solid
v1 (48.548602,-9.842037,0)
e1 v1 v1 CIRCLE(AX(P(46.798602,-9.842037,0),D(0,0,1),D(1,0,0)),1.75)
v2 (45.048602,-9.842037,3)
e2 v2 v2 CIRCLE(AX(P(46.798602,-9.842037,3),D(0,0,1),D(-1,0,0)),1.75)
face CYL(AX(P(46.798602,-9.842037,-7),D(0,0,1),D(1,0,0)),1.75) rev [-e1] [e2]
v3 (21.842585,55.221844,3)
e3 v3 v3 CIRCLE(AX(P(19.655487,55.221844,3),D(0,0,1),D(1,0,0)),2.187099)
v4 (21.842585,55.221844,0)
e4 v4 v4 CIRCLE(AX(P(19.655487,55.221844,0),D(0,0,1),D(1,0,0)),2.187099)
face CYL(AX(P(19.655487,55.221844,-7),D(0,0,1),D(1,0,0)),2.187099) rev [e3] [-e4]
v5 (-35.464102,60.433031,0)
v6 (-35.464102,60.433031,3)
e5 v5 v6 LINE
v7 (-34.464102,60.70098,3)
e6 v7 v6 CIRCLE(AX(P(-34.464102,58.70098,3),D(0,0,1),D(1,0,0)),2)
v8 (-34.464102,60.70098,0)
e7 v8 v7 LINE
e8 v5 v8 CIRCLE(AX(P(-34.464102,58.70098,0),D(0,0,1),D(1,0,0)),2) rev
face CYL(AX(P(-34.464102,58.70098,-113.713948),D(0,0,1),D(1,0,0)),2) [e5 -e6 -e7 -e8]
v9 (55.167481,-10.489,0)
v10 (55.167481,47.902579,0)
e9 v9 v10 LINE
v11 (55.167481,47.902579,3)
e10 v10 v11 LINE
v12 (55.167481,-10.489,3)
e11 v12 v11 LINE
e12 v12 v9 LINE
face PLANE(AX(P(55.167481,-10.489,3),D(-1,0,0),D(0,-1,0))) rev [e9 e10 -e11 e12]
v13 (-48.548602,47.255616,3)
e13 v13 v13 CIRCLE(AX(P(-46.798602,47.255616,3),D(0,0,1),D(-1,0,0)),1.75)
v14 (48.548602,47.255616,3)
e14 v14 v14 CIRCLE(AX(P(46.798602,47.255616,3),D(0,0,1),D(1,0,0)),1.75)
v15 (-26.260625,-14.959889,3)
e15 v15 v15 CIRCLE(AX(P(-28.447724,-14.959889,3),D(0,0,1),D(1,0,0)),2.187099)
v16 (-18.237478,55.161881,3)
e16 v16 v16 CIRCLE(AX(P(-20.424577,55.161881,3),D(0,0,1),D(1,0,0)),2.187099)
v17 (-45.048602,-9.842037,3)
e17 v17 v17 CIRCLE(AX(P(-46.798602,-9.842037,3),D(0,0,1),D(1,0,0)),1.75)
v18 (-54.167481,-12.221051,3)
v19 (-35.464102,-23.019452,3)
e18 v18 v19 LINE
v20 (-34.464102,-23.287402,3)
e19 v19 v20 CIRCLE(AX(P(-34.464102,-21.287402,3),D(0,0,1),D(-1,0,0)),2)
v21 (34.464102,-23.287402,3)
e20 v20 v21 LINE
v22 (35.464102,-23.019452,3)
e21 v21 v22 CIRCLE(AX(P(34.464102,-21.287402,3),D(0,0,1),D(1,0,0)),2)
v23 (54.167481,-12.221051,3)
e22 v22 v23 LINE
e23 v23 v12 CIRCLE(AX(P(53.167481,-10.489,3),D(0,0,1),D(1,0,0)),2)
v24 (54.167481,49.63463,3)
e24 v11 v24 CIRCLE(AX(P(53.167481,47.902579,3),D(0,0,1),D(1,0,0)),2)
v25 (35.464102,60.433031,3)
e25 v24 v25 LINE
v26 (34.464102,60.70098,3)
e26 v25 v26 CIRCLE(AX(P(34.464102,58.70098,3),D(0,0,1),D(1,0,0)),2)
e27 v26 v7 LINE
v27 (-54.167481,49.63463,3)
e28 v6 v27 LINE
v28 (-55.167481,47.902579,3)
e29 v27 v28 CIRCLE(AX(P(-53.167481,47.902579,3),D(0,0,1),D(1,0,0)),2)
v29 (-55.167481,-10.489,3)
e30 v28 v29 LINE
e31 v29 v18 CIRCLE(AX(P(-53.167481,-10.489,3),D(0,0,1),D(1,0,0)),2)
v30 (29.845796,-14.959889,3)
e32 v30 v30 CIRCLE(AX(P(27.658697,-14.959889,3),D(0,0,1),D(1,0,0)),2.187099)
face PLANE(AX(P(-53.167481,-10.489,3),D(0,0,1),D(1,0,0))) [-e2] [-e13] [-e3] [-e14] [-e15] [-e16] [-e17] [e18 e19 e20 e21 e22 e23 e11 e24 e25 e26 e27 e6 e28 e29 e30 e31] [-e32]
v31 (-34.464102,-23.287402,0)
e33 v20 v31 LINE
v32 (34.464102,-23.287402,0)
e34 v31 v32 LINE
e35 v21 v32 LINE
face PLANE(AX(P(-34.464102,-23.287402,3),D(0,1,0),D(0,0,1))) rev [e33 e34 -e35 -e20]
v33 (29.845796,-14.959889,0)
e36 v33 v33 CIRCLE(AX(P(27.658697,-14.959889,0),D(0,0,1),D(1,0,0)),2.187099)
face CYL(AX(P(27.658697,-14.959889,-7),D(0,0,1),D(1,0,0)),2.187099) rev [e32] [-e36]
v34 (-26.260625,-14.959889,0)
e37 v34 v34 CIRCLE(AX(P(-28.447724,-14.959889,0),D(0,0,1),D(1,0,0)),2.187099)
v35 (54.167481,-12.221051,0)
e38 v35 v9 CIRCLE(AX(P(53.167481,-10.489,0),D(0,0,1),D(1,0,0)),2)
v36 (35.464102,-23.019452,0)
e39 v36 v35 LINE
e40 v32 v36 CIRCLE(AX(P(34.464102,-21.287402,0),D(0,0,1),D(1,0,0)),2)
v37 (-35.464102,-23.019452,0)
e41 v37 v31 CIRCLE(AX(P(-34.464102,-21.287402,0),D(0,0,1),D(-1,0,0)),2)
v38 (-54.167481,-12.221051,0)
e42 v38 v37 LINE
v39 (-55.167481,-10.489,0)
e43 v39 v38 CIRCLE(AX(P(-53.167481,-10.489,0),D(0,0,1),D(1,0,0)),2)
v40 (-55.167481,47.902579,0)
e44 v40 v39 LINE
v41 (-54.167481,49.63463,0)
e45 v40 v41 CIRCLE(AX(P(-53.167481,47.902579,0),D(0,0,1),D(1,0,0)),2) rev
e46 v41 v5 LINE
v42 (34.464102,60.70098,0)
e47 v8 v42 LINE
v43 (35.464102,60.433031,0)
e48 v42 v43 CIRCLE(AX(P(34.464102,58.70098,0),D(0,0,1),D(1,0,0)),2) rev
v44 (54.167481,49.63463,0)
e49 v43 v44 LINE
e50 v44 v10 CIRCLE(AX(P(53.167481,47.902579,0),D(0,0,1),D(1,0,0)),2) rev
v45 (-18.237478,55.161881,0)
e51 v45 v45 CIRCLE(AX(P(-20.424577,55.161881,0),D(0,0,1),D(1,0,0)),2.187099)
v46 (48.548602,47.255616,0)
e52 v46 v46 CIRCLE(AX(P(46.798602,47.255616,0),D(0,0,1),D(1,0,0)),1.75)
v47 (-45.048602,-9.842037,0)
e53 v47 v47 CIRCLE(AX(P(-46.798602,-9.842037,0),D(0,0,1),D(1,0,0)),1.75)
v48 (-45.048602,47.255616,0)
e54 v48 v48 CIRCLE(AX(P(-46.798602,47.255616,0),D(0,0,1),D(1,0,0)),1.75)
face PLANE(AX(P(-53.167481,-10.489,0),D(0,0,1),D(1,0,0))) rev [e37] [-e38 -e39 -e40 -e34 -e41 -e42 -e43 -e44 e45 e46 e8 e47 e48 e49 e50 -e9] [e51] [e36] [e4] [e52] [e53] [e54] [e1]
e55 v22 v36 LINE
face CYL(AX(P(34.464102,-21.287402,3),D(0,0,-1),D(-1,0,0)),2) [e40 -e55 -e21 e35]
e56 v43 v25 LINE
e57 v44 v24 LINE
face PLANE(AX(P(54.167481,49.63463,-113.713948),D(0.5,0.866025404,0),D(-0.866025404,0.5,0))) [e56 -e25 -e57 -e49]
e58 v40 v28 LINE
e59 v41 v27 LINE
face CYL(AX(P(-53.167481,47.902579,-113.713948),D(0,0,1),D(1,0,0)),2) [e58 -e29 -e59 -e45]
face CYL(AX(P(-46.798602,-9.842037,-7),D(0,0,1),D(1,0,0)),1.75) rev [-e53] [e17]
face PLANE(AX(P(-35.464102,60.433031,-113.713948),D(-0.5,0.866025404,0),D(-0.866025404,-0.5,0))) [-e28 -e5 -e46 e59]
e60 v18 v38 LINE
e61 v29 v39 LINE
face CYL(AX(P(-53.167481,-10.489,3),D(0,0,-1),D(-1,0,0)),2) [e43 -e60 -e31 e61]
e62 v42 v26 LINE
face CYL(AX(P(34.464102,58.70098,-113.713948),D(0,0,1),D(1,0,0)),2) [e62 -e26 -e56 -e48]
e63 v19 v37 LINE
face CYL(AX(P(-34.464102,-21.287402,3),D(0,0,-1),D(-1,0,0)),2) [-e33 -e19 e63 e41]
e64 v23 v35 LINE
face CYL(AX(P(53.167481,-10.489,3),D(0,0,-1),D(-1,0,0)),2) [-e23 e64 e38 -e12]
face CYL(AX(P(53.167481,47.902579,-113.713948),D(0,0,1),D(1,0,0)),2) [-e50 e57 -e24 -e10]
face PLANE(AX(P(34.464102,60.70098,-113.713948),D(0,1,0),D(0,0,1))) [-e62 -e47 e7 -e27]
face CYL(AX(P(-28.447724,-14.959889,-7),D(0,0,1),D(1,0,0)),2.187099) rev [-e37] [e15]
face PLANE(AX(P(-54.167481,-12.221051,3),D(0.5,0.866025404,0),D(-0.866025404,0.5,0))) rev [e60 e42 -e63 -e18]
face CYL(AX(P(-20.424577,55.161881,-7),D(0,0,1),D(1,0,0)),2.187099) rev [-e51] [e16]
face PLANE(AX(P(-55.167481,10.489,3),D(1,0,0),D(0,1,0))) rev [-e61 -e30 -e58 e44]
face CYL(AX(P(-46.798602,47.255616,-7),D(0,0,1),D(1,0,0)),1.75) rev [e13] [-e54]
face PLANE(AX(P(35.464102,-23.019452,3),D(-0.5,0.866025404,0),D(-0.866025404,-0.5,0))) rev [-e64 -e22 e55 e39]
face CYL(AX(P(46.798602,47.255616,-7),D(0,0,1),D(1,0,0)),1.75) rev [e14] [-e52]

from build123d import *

# Parameters (mm, degrees)
EXTRUDE_1_DEPTH     = 3
EXTRUDE_START       = -3
EXTRUDE_2_DEPTH     = 3
EXTRUDE_3_DEPTH     = 3
SKETCH_4_R          = 2.187098749
CUT_EXTRUDE_1_DEPTH = 10
SKETCH_5_R          = 1.75
CUT_EXTRUDE_2_DEPTH = 10


with BuildPart() as part:
    # 草图1 → 凸台-拉伸1 (new body)
    with BuildSketch(Plane.XY):
        with BuildLine():
            Line((-34.464101615, 23.287401575), (34.464101615, 23.287401575))
            ThreePointArc((34.464101615, 23.287401575), (34.981739705, 23.219253227), (35.464101615, 23.019452382))
            Line((35.464101615, 23.019452382), (54.167481352, 12.221051057))
            ThreePointArc((54.167481352, 12.221051057), (54.899532159, 11.489000249), (55.167481352, 10.489000249))
            Line((55.167481352, 10.489000249), (55.167481352, -10.489000249))
            ThreePointArc((55.167481352, -10.489000249), (54.899532159, -11.489000249), (54.167481352, -12.221051057))
            Line((54.167481352, -12.221051057), (35.464101615, -23.019452382))
            ThreePointArc((35.464101615, -23.019452382), (34.981739705, -23.219253227), (34.464101615, -23.287401575))
            Line((34.464101615, -23.287401575), (-34.464101615, -23.287401575))
            ThreePointArc((-34.464101615, -23.287401575), (-34.981739705, -23.219253227), (-35.464101615, -23.019452382))
            Line((-35.464101615, -23.019452382), (-54.167481352, -12.221051057))
            ThreePointArc((-54.167481352, -12.221051057), (-54.899532159, -11.489000249), (-55.167481352, -10.489000249))
            Line((-55.167481352, -10.489000249), (-55.167481352, 10.489000249))
            ThreePointArc((-55.167481352, 10.489000249), (-54.899532159, 11.489000249), (-54.167481352, 12.221051057))
            Line((-54.167481352, 12.221051057), (-35.464101615, 23.019452382))
            ThreePointArc((-35.464101615, 23.019452382), (-34.981739705, 23.219253227), (-34.464101615, 23.287401575))
        make_face()
    extrude(amount=EXTRUDE_1_DEPTH)

    # 草图2 → 凸台-拉伸2 (add)
    with BuildSketch(Plane.XY.offset(3).offset(EXTRUDE_START)):
        with BuildLine():
            Line((-55.167481352, 15.551379934), (-55.167481352, 10.489000249))
            Line((-55.167481352, 10.489000249), (-55.167481352, -10.489000249))
            ThreePointArc((-55.167481352, -10.489000249), (-54.899532159, -11.489000249), (-54.167481352, -12.221051057))
            Line((-54.167481352, -12.221051057), (-35.464101615, -23.019452382))
            ThreePointArc((-35.464101615, -23.019452382), (-34.981739705, -23.219253227), (-34.464101615, -23.287401575))
            Line((-34.464101615, -23.287401575), (34.464101615, -23.287401575))
            ThreePointArc((34.464101615, -23.287401575), (34.981739705, -23.219253227), (35.464101615, -23.019452382))
            Line((35.464101615, -23.019452382), (54.167481352, -12.221051057))
            ThreePointArc((54.167481352, -12.221051057), (54.899532159, -11.489000249), (55.167481352, -10.489000249))
            Line((55.167481352, -10.489000249), (55.167481352, 10.489000249))
            Line((55.167481352, 10.489000249), (55.167481352, 15.551379934))
            Line((55.167481352, 15.551379934), (55.167481352, 36.529380432))
            ThreePointArc((55.167481352, 36.529380432), (54.899532159, 37.529380432), (54.167481352, 38.26143124))
            Line((54.167481352, 38.26143124), (35.464101615, 49.059832565))
            ThreePointArc((35.464101615, 49.059832565), (34.981739705, 49.25963341), (34.464101615, 49.327781758))
            Line((34.464101615, 49.327781758), (-34.464101615, 49.327781758))
            ThreePointArc((-34.464101615, 49.327781758), (-34.981739705, 49.25963341), (-35.464101615, 49.059832565))
            Line((-35.464101615, 49.059832565), (-54.167481352, 38.26143124))
            ThreePointArc((-54.167481352, 38.26143124), (-54.899532159, 37.529380432), (-55.167481352, 36.529380432))
            Line((-55.167481352, 36.529380432), (-55.167481352, 15.551379934))
        make_face()
    extrude(amount=EXTRUDE_2_DEPTH)

    # 草图3 → 凸台-拉伸3 (add)
    with BuildSketch(Plane.XY.offset(3)):
        with BuildLine():
            Line((55.167481352, 33.186292179), (-55.167481352, 33.186292179))
            Line((-55.167481352, 33.186292179), (-55.167481352, 47.90257896))
            ThreePointArc((-55.167481352, 47.90257896), (-54.899532159, 48.90257896), (-54.167481352, 49.634629768))
            Line((-54.167481352, 49.634629768), (-35.464101615, 60.433031094))
            ThreePointArc((-35.464101615, 60.433031094), (-34.981739705, 60.632831939), (-34.464101615, 60.700980286))
            Line((-34.464101615, 60.700980286), (34.464101615, 60.700980286))
            ThreePointArc((34.464101615, 60.700980286), (34.981739705, 60.632831939), (35.464101615, 60.433031094))
            Line((35.464101615, 60.433031094), (54.167481352, 49.634629768))
            ThreePointArc((54.167481352, 49.634629768), (54.899532159, 48.90257896), (55.167481352, 47.90257896))
            Line((55.167481352, 47.90257896), (55.167481352, 33.186292179))
        make_face()
    extrude(amount=-EXTRUDE_3_DEPTH)

    # 草图4 → 切除-拉伸1 (cut)
    with BuildSketch(Plane.XY.offset(3)):
        with Locations((-20.424577197, 55.161880556)):
            Circle(SKETCH_4_R)
        with Locations((19.655486733, 55.22184421)):
            Circle(SKETCH_4_R)
        with Locations((27.658697285, -14.95988945)):
            Circle(SKETCH_4_R)
        with Locations((-28.447724115, -14.95988945)):
            Circle(SKETCH_4_R)
    extrude(amount=-CUT_EXTRUDE_1_DEPTH, mode=Mode.SUBTRACT)

    # 草图5 → 切除-拉伸2 (cut)
    with BuildSketch(Plane.XY.offset(3)):
        with Locations((46.798601885, 47.255616016)):
            Circle(SKETCH_5_R)
        with Locations((-46.798601885, 47.255616016)):
            Circle(SKETCH_5_R)
        with Locations((46.798601885, -9.842037304)):
            Circle(SKETCH_5_R)
        with Locations((-46.798601885, -9.842037304)):
            Circle(SKETCH_5_R)
    extrude(amount=-CUT_EXTRUDE_2_DEPTH, mode=Mode.SUBTRACT)


solid = part.part
